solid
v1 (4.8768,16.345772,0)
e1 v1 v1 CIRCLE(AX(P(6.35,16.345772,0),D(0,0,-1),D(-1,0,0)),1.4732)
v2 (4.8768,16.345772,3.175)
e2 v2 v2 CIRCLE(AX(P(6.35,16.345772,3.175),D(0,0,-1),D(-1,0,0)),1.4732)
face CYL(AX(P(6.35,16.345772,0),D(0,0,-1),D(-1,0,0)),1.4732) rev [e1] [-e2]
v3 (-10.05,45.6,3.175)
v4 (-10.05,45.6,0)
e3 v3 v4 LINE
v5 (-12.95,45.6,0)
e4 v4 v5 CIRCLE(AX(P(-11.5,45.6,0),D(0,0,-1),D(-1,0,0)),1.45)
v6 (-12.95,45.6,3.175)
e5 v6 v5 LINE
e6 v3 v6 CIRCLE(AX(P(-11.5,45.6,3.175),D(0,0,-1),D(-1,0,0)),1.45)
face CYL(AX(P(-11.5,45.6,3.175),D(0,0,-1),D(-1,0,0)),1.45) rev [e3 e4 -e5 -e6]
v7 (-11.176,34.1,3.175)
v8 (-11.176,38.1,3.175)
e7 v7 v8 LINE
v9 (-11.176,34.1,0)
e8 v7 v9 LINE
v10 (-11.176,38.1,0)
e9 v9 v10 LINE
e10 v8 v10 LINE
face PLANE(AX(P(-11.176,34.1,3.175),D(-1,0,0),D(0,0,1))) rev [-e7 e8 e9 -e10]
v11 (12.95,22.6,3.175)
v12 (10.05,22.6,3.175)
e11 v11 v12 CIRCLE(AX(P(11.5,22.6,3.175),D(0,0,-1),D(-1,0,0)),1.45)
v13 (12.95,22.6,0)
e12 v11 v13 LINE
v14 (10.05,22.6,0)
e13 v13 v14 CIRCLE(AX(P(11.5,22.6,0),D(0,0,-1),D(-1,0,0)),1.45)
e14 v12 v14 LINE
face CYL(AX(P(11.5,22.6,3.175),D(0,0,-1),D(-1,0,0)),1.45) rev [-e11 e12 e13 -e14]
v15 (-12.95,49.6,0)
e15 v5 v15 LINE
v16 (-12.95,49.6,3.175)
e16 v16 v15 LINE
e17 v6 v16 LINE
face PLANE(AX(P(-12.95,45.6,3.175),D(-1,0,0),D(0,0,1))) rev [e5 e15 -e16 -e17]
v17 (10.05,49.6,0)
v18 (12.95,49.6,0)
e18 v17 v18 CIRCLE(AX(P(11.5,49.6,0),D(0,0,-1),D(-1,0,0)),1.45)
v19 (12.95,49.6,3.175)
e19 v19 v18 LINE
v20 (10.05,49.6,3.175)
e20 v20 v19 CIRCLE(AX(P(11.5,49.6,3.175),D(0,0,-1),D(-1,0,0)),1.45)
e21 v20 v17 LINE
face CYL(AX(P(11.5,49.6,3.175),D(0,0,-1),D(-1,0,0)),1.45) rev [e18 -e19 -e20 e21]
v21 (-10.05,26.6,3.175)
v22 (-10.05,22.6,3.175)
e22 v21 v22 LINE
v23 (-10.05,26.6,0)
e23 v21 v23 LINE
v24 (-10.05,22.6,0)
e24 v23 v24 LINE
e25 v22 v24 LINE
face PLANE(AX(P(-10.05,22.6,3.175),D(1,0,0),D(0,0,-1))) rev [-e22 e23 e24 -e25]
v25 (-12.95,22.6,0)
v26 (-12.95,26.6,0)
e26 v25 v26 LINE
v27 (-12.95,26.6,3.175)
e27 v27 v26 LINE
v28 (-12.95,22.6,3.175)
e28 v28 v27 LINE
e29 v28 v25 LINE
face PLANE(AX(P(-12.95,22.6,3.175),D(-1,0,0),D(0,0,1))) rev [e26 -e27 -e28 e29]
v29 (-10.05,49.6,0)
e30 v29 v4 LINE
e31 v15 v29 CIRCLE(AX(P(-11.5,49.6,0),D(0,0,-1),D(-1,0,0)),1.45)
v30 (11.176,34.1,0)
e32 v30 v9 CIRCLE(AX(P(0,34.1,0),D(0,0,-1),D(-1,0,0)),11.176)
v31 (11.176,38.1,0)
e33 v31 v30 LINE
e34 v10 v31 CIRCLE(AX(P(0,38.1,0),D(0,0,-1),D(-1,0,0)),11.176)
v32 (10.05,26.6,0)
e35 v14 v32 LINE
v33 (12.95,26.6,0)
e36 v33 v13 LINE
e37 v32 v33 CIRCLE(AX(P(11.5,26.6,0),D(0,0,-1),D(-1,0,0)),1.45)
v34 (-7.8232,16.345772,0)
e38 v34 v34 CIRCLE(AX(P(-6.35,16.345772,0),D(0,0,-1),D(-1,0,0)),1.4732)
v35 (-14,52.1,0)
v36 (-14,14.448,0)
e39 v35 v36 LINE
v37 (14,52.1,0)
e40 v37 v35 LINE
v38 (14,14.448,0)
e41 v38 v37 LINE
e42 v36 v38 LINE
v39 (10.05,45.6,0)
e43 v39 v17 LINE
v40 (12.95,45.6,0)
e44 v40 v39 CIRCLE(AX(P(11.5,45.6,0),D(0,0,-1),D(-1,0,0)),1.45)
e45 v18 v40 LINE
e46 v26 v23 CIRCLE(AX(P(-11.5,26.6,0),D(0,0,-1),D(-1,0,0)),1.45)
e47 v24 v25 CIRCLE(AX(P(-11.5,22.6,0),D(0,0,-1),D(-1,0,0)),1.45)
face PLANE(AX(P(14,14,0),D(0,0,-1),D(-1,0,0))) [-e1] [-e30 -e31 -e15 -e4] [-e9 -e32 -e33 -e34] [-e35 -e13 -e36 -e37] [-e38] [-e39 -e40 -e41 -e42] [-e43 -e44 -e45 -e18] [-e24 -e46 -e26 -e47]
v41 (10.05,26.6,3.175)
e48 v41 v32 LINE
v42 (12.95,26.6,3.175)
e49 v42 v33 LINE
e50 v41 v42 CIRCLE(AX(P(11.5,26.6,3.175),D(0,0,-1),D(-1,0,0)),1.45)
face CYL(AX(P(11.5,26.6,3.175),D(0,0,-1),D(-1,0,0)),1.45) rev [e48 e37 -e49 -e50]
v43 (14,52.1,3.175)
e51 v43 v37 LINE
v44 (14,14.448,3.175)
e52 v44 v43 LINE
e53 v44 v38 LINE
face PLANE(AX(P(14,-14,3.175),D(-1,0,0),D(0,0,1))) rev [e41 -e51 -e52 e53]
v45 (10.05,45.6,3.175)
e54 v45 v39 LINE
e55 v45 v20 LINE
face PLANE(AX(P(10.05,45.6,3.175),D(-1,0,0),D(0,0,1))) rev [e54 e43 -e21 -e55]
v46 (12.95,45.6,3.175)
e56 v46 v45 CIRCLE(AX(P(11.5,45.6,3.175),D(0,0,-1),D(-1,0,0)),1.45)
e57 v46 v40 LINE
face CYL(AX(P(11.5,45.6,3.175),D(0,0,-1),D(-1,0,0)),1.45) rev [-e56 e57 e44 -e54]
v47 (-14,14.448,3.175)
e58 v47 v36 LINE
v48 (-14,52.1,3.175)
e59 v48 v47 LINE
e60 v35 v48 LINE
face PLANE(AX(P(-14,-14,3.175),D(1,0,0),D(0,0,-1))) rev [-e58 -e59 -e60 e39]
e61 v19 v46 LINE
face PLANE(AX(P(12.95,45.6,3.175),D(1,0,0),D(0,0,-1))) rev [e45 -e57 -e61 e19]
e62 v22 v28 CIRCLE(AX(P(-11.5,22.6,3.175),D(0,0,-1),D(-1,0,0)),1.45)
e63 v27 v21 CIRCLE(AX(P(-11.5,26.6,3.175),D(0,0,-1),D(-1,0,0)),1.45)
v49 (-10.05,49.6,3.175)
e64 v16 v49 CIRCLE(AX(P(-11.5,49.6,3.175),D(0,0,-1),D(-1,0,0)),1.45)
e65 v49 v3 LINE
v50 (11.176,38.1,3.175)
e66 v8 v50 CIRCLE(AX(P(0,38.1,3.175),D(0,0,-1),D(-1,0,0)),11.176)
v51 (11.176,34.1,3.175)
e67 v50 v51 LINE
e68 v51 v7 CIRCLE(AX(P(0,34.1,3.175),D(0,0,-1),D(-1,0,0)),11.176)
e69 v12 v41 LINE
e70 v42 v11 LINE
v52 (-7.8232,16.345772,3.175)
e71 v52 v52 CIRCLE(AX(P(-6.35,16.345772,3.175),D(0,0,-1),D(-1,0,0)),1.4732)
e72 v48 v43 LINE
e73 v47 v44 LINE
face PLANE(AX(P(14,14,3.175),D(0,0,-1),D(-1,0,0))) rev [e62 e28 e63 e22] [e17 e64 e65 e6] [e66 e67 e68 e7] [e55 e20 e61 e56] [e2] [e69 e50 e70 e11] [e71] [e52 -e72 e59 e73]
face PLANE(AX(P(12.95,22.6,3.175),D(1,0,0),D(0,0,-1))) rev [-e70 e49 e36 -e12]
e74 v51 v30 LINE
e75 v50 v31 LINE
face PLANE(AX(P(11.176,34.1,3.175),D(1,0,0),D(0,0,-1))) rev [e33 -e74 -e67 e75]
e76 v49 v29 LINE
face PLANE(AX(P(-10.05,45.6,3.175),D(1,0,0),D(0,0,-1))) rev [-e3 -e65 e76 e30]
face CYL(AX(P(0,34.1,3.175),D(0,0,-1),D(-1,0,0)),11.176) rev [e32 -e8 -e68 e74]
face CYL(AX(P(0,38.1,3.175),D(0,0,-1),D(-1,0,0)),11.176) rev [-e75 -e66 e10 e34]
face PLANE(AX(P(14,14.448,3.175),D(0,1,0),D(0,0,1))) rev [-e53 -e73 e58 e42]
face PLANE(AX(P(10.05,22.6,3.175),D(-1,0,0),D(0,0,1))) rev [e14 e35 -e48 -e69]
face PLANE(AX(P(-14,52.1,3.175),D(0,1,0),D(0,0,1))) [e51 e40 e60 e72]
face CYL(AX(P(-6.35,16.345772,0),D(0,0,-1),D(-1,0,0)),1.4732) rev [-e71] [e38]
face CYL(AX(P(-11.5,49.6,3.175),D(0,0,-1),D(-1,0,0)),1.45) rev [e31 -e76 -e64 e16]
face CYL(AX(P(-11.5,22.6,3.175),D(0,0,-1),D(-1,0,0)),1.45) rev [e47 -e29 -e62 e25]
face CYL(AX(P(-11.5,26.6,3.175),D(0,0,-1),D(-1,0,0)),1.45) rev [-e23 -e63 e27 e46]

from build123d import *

# Parameters (mm, degrees)
SKETCH1_W                 = 27.99999988
SKETCH1_H                 = 28
BOSS_EXTRUDE1_DEPTH       = 3.175
SKETCH6_W                 = 27.99999988
SKETCH6_H                 = 3.175
BOSS_EXTRUDE2_DEPTH       = 38.1
CUT_EXTRUDE3_DEPTH        = 4.175
F_4_CLEARANCE_HOLE1_D     = 2.9464
F_4_CLEARANCE_HOLE1_DEPTH = 12.954
F_4_CLEARANCE_HOLE1_TIP   = 0.885187864
SKETCH10_W                = 27.99999988
SKETCH10_H                = 28.448
CUT_EXTRUDE4_DEPTH        = 4.175


with BuildPart() as part:
    # Sketch1 → Boss-Extrude1 (new body)
    with BuildSketch(Plane.XY):
        Rectangle(SKETCH1_W, SKETCH1_H)
    extrude(amount=BOSS_EXTRUDE1_DEPTH)

    # Sketch6 → Boss-Extrude2 (add)
    with BuildSketch(Plane(origin=(0, 14, 0), x_dir=(1, 0, 0), z_dir=(0, 1, 0))):
        with Locations((0, -1.5875)):
            Rectangle(SKETCH6_W, SKETCH6_H)
    extrude(amount=BOSS_EXTRUDE2_DEPTH)

    # Sketch7 → Cut-Extrude3 (cut, through all)
    with BuildSketch(Plane(origin=(0, 0, 0), x_dir=(-1, 0, 0), z_dir=(0, 0, -1))):
        with BuildLine():
            Line((-12.94999994, 45.6), (-12.94999994, 49.6))
            ThreePointArc((-12.94999994, 49.6), (-11.49999994, 51.05), (-10.04999994, 49.6))
            Line((-10.04999994, 49.6), (-10.04999994, 45.6))
            ThreePointArc((-10.04999994, 45.6), (-11.49999994, 44.15), (-12.94999994, 45.6))
        make_face()
        with BuildLine():
            Line((10.05000006, 45.6), (10.05000006, 49.6))
            ThreePointArc((10.05000006, 49.6), (11.50000006, 51.05), (12.95000006, 49.6))
            Line((12.95000006, 49.6), (12.95000006, 45.6))
            ThreePointArc((12.95000006, 45.6), (11.50000006, 44.15), (10.05000006, 45.6))
        make_face()
        with BuildLine():
            Line((-12.94999994, 22.6), (-12.94999994, 26.6))
            ThreePointArc((-12.94999994, 26.6), (-11.49999994, 28.05), (-10.04999994, 26.6))
            Line((-10.04999994, 26.6), (-10.04999994, 22.6))
            ThreePointArc((-10.04999994, 22.6), (-11.49999994, 21.15), (-12.94999994, 22.6))
        make_face()
        with BuildLine():
            Line((10.05000006, 22.6), (10.05000006, 26.6))
            ThreePointArc((10.05000006, 26.6), (11.50000006, 28.05), (12.95000006, 26.6))
            Line((12.95000006, 26.6), (12.95000006, 22.6))
            ThreePointArc((12.95000006, 22.6), (11.50000006, 21.15), (10.05000006, 22.6))
        make_face()
        with BuildLine():
            Line((-11.176, 34.1), (-11.176, 38.1))
            ThreePointArc((-11.176, 38.1), (0, 49.276), (11.176, 38.1))
            Line((11.176, 38.1), (11.176, 34.1))
            ThreePointArc((11.176, 34.1), (0, 22.924), (-11.176, 34.1))
        make_face()
    extrude(amount=-CUT_EXTRUDE3_DEPTH, mode=Mode.SUBTRACT)

    # #4 Clearance Hole1
    with Locations(Plane(origin=(0, 0, 0), x_dir=(-1, 0, 0), z_dir=(0, 0, -1))):
        with Locations((-6.35, 16.345772244), (6.35, 16.345772244)):
            Hole(F_4_CLEARANCE_HOLE1_D / 2, depth=F_4_CLEARANCE_HOLE1_DEPTH)
            with Locations((0, 0, -(F_4_CLEARANCE_HOLE1_DEPTH + F_4_CLEARANCE_HOLE1_TIP / 2))):  # 118° drill point
                Cone(0, F_4_CLEARANCE_HOLE1_D / 2, F_4_CLEARANCE_HOLE1_TIP, mode=Mode.SUBTRACT)

    # Sketch10 → Cut-Extrude4 (cut, through all)
    with BuildSketch(Plane(origin=(0, 0, 0), x_dir=(-1, 0, 0), z_dir=(0, 0, -1))):
        with Locations((0, 0.224)):
            Rectangle(SKETCH10_W, SKETCH10_H)
    extrude(amount=-CUT_EXTRUDE4_DEPTH, mode=Mode.SUBTRACT)


solid = part.part
